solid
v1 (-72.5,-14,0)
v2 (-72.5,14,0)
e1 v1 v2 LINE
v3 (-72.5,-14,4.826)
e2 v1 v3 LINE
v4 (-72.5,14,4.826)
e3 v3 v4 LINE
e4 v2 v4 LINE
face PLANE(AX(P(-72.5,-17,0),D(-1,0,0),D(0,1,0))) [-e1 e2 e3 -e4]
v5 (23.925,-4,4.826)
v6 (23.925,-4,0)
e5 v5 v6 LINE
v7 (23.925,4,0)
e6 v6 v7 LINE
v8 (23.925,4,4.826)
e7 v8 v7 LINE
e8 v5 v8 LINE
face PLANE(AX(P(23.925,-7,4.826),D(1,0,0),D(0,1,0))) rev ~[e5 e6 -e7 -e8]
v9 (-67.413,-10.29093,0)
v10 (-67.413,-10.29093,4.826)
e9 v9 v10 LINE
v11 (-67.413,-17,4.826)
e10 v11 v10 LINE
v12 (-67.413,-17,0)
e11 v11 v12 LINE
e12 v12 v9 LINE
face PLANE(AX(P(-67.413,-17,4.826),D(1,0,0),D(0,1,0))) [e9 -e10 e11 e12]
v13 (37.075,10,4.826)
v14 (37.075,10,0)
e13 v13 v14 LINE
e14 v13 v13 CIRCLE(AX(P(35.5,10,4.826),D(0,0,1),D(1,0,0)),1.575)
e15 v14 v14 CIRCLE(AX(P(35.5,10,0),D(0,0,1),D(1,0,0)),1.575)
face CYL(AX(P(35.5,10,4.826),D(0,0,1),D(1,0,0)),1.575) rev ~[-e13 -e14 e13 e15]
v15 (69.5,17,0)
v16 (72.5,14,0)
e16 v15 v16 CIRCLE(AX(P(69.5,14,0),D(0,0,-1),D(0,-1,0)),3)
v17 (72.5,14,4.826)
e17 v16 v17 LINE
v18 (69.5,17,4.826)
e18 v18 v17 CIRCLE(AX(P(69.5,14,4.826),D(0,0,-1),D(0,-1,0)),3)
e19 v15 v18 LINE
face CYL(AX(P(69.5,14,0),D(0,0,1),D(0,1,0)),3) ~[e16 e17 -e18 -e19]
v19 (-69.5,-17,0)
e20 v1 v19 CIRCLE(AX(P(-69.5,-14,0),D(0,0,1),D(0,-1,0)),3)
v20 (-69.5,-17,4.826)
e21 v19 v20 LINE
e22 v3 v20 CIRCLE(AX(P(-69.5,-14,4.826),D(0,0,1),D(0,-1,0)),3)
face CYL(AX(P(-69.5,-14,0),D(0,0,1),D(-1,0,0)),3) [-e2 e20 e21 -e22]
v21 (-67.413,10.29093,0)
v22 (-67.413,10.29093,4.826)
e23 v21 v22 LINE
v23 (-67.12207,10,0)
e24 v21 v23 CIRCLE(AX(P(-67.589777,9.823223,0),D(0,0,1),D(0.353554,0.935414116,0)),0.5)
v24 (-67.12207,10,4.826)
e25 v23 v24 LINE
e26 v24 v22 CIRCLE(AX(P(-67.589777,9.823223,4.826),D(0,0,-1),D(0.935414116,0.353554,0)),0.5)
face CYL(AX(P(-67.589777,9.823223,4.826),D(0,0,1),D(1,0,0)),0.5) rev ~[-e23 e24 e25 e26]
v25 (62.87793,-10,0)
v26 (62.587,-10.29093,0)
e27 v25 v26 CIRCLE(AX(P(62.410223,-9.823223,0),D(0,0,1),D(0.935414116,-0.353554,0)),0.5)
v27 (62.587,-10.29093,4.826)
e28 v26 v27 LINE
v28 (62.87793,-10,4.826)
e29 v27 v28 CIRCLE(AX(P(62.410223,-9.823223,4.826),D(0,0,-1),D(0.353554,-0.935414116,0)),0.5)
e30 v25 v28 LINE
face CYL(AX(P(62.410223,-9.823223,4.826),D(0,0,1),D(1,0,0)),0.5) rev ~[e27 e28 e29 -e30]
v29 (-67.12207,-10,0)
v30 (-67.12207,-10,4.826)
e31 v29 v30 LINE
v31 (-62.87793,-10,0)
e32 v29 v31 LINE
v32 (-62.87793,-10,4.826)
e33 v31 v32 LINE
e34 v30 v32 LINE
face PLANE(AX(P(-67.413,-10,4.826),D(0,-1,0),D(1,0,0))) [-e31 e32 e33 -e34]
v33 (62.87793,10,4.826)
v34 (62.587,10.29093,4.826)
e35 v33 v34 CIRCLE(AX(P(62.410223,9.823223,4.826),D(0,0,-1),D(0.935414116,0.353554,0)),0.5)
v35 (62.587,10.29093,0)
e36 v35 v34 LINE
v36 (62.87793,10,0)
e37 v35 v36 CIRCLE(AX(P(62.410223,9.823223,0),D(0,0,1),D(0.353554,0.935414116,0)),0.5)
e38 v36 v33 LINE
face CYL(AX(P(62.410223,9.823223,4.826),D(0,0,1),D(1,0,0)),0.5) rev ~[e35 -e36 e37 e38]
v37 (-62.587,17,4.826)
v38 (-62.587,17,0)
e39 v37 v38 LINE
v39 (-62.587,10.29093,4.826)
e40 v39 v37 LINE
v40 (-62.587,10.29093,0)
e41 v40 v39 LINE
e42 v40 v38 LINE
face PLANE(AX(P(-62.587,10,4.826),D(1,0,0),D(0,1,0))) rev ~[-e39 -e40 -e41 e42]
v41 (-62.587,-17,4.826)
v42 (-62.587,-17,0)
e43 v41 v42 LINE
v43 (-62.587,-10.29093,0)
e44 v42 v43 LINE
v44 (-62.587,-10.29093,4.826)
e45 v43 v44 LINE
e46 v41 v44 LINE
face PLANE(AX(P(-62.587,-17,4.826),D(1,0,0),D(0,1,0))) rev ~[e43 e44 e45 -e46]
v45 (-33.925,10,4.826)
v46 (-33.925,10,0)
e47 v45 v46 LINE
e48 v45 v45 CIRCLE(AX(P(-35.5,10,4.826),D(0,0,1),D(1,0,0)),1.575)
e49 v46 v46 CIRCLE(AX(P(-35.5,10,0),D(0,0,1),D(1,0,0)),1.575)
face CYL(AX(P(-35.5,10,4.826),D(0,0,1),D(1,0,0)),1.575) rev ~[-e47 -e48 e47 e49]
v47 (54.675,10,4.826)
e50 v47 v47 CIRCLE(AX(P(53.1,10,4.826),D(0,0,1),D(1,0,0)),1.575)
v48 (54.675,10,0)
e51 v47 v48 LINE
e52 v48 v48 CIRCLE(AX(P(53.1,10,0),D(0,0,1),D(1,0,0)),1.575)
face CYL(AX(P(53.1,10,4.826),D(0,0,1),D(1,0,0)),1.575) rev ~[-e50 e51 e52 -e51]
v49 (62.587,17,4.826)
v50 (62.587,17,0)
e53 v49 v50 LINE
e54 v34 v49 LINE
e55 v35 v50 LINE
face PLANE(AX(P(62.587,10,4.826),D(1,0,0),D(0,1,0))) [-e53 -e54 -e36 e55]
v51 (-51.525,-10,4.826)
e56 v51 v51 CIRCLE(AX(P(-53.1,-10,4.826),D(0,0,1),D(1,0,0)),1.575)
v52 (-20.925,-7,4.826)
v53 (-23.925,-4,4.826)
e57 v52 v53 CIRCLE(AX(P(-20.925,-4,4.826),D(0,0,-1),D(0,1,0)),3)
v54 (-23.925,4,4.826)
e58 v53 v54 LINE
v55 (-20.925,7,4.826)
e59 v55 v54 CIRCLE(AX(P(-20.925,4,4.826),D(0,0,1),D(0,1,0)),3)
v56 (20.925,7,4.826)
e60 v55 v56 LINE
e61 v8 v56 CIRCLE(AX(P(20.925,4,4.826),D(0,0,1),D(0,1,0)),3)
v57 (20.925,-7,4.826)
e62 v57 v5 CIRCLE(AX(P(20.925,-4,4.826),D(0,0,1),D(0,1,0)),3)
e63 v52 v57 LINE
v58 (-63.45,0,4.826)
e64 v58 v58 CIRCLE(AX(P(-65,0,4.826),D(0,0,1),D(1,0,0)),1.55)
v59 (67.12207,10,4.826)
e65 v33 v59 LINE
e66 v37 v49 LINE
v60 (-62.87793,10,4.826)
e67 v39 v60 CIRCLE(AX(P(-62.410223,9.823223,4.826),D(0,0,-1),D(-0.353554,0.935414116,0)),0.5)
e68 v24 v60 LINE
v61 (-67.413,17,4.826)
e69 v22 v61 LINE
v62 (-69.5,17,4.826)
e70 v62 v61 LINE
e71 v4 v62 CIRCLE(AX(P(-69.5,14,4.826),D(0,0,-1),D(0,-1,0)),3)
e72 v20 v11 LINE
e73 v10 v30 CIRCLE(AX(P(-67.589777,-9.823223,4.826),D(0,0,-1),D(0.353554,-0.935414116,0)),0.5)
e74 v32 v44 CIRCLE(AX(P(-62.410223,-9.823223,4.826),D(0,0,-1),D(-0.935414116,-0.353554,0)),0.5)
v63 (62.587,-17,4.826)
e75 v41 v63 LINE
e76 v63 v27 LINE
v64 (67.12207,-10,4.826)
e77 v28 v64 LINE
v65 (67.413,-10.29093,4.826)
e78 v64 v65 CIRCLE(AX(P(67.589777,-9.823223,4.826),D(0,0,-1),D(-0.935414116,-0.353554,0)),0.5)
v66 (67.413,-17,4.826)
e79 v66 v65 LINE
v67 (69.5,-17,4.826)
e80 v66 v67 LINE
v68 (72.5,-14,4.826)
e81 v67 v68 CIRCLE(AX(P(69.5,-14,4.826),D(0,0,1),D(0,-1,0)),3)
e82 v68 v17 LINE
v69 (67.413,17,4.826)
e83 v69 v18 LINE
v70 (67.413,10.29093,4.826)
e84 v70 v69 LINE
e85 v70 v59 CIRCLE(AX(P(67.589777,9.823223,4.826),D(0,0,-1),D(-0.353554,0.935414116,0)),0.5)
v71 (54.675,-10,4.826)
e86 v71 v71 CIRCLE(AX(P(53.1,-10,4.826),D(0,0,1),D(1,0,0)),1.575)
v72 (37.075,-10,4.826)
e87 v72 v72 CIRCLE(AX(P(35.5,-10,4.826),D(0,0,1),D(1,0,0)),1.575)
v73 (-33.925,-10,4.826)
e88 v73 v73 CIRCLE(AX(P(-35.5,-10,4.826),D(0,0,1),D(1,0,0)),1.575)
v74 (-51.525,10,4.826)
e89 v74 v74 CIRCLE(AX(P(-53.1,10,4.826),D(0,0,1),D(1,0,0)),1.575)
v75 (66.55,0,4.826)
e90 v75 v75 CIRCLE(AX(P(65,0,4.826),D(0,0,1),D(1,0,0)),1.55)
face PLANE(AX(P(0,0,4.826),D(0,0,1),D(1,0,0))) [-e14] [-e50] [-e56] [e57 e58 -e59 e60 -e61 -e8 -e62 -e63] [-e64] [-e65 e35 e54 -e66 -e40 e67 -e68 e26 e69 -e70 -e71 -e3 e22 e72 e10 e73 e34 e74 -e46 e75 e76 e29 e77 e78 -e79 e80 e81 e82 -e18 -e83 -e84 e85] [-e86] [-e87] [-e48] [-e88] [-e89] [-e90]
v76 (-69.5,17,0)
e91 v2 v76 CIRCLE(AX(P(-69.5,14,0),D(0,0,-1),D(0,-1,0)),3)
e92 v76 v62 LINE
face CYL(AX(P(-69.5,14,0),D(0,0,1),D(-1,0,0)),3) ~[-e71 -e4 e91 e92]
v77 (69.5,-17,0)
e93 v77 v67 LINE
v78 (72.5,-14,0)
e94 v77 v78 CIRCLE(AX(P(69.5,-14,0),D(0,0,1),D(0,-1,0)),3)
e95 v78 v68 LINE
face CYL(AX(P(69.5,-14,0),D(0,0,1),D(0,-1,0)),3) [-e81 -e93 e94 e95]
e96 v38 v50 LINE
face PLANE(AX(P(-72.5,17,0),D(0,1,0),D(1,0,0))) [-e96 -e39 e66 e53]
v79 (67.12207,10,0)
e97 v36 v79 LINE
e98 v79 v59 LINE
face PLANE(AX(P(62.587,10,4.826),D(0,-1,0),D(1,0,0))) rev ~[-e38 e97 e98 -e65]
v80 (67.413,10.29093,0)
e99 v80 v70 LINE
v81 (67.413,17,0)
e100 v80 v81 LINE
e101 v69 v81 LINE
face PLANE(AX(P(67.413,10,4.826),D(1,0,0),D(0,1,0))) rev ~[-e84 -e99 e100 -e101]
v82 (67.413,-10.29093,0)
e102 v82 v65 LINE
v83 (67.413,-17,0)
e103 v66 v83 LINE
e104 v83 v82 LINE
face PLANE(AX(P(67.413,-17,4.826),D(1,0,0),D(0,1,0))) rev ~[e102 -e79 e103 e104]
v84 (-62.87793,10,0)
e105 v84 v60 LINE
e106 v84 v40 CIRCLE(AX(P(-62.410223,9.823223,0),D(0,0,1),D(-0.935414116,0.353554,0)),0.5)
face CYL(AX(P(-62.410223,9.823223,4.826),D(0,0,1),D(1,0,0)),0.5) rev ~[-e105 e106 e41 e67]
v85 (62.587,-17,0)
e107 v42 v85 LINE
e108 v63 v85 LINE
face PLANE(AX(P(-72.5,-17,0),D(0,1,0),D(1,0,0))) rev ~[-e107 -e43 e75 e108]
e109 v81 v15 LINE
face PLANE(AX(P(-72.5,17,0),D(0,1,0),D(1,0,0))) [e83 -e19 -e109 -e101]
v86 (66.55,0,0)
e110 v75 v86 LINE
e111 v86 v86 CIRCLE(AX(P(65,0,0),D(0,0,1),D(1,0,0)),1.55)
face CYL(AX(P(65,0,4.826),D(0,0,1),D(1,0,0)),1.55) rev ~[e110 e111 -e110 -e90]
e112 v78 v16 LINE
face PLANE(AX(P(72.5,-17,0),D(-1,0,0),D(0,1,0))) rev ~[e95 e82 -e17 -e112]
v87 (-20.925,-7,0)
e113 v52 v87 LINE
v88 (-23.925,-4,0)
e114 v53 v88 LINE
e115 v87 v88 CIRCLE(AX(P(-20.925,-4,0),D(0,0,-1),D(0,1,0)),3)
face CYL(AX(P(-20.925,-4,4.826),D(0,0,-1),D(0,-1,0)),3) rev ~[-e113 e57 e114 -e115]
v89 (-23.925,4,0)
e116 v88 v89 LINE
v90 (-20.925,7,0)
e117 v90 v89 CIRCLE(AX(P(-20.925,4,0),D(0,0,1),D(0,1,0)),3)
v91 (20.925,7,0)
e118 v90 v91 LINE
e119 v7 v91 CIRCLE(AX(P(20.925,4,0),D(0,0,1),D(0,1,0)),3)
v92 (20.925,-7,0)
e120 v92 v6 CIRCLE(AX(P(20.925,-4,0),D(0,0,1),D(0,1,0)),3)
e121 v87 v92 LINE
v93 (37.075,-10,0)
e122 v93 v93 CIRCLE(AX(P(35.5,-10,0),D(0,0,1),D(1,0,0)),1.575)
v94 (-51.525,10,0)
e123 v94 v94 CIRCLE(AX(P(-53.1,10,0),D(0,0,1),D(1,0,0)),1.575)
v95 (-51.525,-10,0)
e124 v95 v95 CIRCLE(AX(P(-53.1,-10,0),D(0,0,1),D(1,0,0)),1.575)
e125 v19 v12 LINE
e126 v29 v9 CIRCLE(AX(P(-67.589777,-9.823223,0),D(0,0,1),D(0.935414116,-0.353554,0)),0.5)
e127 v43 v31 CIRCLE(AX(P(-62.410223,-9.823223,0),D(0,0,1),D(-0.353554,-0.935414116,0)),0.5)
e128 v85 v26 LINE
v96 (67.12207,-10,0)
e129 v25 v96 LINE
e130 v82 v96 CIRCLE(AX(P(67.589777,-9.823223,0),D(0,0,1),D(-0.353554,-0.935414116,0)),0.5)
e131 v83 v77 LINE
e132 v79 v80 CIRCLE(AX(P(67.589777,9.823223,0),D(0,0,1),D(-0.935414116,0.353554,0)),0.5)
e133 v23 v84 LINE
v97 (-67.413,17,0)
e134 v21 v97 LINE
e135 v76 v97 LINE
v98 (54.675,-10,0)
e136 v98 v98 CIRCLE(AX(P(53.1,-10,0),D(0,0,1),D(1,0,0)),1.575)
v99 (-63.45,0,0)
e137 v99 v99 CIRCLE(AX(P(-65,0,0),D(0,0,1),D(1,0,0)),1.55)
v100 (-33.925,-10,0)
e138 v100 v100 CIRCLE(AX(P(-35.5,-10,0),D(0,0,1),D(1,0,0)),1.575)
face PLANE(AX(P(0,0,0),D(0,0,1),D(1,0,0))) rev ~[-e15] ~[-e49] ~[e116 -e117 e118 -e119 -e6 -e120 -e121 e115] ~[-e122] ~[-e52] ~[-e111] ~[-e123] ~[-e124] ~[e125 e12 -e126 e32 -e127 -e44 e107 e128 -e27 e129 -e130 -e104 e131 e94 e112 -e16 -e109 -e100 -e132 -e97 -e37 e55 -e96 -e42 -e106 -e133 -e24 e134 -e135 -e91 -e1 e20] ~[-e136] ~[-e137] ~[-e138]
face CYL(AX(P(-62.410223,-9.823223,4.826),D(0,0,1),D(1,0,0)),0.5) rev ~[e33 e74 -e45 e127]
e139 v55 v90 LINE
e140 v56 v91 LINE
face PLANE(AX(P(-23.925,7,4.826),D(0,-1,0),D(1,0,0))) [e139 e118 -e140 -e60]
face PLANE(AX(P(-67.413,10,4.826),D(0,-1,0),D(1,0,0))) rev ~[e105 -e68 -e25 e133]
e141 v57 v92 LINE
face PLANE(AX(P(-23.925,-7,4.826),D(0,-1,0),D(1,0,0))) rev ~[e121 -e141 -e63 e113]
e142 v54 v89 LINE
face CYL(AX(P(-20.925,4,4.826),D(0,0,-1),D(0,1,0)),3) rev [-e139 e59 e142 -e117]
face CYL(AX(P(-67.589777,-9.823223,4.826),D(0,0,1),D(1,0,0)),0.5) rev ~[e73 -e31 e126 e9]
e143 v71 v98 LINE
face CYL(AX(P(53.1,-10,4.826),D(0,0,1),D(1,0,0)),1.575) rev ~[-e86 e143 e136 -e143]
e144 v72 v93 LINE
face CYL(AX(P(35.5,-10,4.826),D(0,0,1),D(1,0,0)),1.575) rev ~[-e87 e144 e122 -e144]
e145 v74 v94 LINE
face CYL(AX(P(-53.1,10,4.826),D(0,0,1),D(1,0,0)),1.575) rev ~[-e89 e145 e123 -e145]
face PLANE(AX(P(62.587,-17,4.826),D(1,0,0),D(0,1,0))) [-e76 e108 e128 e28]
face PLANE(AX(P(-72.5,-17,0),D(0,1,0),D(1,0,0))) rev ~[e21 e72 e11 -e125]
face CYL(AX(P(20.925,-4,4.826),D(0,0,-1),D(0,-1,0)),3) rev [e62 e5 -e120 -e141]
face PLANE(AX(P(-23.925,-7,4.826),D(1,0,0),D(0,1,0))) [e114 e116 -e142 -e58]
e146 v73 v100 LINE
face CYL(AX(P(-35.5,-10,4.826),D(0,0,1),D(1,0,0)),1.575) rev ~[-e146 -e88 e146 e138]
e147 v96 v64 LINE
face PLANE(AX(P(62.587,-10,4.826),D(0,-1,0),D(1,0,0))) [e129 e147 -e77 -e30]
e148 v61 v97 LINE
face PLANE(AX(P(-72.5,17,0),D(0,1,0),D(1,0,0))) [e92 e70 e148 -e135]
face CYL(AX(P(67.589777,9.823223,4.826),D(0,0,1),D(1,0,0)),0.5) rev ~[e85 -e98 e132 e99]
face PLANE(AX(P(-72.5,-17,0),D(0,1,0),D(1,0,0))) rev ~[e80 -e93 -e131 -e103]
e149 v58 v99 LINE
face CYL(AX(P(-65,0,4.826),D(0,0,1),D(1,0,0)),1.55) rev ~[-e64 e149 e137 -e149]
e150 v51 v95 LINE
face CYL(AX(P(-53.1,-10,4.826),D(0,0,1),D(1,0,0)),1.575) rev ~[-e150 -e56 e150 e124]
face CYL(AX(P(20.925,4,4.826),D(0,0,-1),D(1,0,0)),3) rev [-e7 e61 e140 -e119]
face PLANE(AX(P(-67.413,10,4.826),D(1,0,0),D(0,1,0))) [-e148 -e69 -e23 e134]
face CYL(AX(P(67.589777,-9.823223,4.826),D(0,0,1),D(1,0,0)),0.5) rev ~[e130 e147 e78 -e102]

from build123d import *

# Parameters (mm, degrees)
F0_W      = 145
F0_H      = 34
F1_DEPTH  = 4.826
F2_R      = 1.575
F3_DEPTH  = 4.826
F4_R      = 3
F5_W      = 4.826
F5_H      = 7
F5_R      = 1.55
F6_DEPTH  = 4.827
F7_R      = 0.5
F8_DEPTH  = 4.827
F9_W      = 47.85
F9_H      = 14
F10_DEPTH = 4.827
F11_R     = 3


with BuildPart() as f1:
    # F0 (on Top) → F1 (new body)
    with BuildSketch(Plane.XY):
        Rectangle(F0_W, F0_H)
    extrude(amount=F1_DEPTH)

    # F2 (on face) → F3 (cut, through all)
    with BuildSketch(Plane.XY.offset(4.826)):
        with Locations((-53.1, -10)):
            Circle(F2_R)
        with Locations((-35.5, -10)):
            Circle(F2_R)
        with Locations((53.1, -10)):
            Circle(F2_R)
        with Locations((35.5, -10)):
            Circle(F2_R)
        with Locations((-35.5, 10)):
            Circle(F2_R)
        with Locations((-53.1, 10)):
            Circle(F2_R)
        with Locations((35.5, 10)):
            Circle(F2_R)
        with Locations((53.1, 10)):
            Circle(F2_R)
    extrude(amount=-F3_DEPTH, mode=Mode.SUBTRACT)

    # F4
    f4_edges = [f1.edges().sort_by_distance(p)[0] for p in [
        (-72.5, -17, 2.413),
        (-72.5, 17, 2.413),
        (72.5, -17, 2.413),
        (72.5, 17, 2.413),
    ]]
    fillet(f4_edges, radius=F4_R)

    # F5 (on face) → F6 (cut, through all)
    with BuildSketch(Plane.XY.offset(4.826)):
        with Locations((-65, 13.5)):
            Rectangle(F5_W, F5_H)
        with Locations((-65, -13.5)):
            Rectangle(F5_W, F5_H)
        with Locations((-65, 0)):
            Circle(F5_R)
        with Locations((65, -13.5)):
            Rectangle(F5_W, F5_H)
        with Locations((65, 13.5)):
            Rectangle(F5_W, F5_H)
        with Locations((65, 0)):
            Circle(F5_R)
    extrude(amount=-F6_DEPTH, mode=Mode.SUBTRACT)

    # F7 (on face) → F8 (cut, through all)
    with BuildSketch(Plane.XY.offset(4.826)):
        with Locations((-67.589777, 9.823223)):
            Circle(F7_R)
        with Locations((-62.410223, 9.823223)):
            Circle(F7_R)
        with Locations((-67.589777, -9.823223)):
            Circle(F7_R)
        with Locations((-62.410223, -9.823223)):
            Circle(F7_R)
        with Locations((67.589777, 9.823223)):
            Circle(F7_R)
        with Locations((62.410223, 9.823223)):
            Circle(F7_R)
        with Locations((62.410223, -9.823223)):
            Circle(F7_R)
        with Locations((67.589777, -9.823223)):
            Circle(F7_R)
    extrude(amount=-F8_DEPTH, mode=Mode.SUBTRACT)

    # F9 (on face) → F10 (cut, through all)
    with BuildSketch(Plane.XY.offset(4.826)):
        Rectangle(F9_W, F9_H)
    extrude(amount=-F10_DEPTH, mode=Mode.SUBTRACT)

    # F11
    f11_edges = [f1.edges().sort_by_distance(p)[0] for p in [
        (-23.925, 7, 2.413),
        (-23.925, -7, 2.413),
        (23.925, 7, 2.413),
        (23.925, -7, 2.413),
    ]]
    fillet(f11_edges, radius=F11_R)


solid = f1.part
